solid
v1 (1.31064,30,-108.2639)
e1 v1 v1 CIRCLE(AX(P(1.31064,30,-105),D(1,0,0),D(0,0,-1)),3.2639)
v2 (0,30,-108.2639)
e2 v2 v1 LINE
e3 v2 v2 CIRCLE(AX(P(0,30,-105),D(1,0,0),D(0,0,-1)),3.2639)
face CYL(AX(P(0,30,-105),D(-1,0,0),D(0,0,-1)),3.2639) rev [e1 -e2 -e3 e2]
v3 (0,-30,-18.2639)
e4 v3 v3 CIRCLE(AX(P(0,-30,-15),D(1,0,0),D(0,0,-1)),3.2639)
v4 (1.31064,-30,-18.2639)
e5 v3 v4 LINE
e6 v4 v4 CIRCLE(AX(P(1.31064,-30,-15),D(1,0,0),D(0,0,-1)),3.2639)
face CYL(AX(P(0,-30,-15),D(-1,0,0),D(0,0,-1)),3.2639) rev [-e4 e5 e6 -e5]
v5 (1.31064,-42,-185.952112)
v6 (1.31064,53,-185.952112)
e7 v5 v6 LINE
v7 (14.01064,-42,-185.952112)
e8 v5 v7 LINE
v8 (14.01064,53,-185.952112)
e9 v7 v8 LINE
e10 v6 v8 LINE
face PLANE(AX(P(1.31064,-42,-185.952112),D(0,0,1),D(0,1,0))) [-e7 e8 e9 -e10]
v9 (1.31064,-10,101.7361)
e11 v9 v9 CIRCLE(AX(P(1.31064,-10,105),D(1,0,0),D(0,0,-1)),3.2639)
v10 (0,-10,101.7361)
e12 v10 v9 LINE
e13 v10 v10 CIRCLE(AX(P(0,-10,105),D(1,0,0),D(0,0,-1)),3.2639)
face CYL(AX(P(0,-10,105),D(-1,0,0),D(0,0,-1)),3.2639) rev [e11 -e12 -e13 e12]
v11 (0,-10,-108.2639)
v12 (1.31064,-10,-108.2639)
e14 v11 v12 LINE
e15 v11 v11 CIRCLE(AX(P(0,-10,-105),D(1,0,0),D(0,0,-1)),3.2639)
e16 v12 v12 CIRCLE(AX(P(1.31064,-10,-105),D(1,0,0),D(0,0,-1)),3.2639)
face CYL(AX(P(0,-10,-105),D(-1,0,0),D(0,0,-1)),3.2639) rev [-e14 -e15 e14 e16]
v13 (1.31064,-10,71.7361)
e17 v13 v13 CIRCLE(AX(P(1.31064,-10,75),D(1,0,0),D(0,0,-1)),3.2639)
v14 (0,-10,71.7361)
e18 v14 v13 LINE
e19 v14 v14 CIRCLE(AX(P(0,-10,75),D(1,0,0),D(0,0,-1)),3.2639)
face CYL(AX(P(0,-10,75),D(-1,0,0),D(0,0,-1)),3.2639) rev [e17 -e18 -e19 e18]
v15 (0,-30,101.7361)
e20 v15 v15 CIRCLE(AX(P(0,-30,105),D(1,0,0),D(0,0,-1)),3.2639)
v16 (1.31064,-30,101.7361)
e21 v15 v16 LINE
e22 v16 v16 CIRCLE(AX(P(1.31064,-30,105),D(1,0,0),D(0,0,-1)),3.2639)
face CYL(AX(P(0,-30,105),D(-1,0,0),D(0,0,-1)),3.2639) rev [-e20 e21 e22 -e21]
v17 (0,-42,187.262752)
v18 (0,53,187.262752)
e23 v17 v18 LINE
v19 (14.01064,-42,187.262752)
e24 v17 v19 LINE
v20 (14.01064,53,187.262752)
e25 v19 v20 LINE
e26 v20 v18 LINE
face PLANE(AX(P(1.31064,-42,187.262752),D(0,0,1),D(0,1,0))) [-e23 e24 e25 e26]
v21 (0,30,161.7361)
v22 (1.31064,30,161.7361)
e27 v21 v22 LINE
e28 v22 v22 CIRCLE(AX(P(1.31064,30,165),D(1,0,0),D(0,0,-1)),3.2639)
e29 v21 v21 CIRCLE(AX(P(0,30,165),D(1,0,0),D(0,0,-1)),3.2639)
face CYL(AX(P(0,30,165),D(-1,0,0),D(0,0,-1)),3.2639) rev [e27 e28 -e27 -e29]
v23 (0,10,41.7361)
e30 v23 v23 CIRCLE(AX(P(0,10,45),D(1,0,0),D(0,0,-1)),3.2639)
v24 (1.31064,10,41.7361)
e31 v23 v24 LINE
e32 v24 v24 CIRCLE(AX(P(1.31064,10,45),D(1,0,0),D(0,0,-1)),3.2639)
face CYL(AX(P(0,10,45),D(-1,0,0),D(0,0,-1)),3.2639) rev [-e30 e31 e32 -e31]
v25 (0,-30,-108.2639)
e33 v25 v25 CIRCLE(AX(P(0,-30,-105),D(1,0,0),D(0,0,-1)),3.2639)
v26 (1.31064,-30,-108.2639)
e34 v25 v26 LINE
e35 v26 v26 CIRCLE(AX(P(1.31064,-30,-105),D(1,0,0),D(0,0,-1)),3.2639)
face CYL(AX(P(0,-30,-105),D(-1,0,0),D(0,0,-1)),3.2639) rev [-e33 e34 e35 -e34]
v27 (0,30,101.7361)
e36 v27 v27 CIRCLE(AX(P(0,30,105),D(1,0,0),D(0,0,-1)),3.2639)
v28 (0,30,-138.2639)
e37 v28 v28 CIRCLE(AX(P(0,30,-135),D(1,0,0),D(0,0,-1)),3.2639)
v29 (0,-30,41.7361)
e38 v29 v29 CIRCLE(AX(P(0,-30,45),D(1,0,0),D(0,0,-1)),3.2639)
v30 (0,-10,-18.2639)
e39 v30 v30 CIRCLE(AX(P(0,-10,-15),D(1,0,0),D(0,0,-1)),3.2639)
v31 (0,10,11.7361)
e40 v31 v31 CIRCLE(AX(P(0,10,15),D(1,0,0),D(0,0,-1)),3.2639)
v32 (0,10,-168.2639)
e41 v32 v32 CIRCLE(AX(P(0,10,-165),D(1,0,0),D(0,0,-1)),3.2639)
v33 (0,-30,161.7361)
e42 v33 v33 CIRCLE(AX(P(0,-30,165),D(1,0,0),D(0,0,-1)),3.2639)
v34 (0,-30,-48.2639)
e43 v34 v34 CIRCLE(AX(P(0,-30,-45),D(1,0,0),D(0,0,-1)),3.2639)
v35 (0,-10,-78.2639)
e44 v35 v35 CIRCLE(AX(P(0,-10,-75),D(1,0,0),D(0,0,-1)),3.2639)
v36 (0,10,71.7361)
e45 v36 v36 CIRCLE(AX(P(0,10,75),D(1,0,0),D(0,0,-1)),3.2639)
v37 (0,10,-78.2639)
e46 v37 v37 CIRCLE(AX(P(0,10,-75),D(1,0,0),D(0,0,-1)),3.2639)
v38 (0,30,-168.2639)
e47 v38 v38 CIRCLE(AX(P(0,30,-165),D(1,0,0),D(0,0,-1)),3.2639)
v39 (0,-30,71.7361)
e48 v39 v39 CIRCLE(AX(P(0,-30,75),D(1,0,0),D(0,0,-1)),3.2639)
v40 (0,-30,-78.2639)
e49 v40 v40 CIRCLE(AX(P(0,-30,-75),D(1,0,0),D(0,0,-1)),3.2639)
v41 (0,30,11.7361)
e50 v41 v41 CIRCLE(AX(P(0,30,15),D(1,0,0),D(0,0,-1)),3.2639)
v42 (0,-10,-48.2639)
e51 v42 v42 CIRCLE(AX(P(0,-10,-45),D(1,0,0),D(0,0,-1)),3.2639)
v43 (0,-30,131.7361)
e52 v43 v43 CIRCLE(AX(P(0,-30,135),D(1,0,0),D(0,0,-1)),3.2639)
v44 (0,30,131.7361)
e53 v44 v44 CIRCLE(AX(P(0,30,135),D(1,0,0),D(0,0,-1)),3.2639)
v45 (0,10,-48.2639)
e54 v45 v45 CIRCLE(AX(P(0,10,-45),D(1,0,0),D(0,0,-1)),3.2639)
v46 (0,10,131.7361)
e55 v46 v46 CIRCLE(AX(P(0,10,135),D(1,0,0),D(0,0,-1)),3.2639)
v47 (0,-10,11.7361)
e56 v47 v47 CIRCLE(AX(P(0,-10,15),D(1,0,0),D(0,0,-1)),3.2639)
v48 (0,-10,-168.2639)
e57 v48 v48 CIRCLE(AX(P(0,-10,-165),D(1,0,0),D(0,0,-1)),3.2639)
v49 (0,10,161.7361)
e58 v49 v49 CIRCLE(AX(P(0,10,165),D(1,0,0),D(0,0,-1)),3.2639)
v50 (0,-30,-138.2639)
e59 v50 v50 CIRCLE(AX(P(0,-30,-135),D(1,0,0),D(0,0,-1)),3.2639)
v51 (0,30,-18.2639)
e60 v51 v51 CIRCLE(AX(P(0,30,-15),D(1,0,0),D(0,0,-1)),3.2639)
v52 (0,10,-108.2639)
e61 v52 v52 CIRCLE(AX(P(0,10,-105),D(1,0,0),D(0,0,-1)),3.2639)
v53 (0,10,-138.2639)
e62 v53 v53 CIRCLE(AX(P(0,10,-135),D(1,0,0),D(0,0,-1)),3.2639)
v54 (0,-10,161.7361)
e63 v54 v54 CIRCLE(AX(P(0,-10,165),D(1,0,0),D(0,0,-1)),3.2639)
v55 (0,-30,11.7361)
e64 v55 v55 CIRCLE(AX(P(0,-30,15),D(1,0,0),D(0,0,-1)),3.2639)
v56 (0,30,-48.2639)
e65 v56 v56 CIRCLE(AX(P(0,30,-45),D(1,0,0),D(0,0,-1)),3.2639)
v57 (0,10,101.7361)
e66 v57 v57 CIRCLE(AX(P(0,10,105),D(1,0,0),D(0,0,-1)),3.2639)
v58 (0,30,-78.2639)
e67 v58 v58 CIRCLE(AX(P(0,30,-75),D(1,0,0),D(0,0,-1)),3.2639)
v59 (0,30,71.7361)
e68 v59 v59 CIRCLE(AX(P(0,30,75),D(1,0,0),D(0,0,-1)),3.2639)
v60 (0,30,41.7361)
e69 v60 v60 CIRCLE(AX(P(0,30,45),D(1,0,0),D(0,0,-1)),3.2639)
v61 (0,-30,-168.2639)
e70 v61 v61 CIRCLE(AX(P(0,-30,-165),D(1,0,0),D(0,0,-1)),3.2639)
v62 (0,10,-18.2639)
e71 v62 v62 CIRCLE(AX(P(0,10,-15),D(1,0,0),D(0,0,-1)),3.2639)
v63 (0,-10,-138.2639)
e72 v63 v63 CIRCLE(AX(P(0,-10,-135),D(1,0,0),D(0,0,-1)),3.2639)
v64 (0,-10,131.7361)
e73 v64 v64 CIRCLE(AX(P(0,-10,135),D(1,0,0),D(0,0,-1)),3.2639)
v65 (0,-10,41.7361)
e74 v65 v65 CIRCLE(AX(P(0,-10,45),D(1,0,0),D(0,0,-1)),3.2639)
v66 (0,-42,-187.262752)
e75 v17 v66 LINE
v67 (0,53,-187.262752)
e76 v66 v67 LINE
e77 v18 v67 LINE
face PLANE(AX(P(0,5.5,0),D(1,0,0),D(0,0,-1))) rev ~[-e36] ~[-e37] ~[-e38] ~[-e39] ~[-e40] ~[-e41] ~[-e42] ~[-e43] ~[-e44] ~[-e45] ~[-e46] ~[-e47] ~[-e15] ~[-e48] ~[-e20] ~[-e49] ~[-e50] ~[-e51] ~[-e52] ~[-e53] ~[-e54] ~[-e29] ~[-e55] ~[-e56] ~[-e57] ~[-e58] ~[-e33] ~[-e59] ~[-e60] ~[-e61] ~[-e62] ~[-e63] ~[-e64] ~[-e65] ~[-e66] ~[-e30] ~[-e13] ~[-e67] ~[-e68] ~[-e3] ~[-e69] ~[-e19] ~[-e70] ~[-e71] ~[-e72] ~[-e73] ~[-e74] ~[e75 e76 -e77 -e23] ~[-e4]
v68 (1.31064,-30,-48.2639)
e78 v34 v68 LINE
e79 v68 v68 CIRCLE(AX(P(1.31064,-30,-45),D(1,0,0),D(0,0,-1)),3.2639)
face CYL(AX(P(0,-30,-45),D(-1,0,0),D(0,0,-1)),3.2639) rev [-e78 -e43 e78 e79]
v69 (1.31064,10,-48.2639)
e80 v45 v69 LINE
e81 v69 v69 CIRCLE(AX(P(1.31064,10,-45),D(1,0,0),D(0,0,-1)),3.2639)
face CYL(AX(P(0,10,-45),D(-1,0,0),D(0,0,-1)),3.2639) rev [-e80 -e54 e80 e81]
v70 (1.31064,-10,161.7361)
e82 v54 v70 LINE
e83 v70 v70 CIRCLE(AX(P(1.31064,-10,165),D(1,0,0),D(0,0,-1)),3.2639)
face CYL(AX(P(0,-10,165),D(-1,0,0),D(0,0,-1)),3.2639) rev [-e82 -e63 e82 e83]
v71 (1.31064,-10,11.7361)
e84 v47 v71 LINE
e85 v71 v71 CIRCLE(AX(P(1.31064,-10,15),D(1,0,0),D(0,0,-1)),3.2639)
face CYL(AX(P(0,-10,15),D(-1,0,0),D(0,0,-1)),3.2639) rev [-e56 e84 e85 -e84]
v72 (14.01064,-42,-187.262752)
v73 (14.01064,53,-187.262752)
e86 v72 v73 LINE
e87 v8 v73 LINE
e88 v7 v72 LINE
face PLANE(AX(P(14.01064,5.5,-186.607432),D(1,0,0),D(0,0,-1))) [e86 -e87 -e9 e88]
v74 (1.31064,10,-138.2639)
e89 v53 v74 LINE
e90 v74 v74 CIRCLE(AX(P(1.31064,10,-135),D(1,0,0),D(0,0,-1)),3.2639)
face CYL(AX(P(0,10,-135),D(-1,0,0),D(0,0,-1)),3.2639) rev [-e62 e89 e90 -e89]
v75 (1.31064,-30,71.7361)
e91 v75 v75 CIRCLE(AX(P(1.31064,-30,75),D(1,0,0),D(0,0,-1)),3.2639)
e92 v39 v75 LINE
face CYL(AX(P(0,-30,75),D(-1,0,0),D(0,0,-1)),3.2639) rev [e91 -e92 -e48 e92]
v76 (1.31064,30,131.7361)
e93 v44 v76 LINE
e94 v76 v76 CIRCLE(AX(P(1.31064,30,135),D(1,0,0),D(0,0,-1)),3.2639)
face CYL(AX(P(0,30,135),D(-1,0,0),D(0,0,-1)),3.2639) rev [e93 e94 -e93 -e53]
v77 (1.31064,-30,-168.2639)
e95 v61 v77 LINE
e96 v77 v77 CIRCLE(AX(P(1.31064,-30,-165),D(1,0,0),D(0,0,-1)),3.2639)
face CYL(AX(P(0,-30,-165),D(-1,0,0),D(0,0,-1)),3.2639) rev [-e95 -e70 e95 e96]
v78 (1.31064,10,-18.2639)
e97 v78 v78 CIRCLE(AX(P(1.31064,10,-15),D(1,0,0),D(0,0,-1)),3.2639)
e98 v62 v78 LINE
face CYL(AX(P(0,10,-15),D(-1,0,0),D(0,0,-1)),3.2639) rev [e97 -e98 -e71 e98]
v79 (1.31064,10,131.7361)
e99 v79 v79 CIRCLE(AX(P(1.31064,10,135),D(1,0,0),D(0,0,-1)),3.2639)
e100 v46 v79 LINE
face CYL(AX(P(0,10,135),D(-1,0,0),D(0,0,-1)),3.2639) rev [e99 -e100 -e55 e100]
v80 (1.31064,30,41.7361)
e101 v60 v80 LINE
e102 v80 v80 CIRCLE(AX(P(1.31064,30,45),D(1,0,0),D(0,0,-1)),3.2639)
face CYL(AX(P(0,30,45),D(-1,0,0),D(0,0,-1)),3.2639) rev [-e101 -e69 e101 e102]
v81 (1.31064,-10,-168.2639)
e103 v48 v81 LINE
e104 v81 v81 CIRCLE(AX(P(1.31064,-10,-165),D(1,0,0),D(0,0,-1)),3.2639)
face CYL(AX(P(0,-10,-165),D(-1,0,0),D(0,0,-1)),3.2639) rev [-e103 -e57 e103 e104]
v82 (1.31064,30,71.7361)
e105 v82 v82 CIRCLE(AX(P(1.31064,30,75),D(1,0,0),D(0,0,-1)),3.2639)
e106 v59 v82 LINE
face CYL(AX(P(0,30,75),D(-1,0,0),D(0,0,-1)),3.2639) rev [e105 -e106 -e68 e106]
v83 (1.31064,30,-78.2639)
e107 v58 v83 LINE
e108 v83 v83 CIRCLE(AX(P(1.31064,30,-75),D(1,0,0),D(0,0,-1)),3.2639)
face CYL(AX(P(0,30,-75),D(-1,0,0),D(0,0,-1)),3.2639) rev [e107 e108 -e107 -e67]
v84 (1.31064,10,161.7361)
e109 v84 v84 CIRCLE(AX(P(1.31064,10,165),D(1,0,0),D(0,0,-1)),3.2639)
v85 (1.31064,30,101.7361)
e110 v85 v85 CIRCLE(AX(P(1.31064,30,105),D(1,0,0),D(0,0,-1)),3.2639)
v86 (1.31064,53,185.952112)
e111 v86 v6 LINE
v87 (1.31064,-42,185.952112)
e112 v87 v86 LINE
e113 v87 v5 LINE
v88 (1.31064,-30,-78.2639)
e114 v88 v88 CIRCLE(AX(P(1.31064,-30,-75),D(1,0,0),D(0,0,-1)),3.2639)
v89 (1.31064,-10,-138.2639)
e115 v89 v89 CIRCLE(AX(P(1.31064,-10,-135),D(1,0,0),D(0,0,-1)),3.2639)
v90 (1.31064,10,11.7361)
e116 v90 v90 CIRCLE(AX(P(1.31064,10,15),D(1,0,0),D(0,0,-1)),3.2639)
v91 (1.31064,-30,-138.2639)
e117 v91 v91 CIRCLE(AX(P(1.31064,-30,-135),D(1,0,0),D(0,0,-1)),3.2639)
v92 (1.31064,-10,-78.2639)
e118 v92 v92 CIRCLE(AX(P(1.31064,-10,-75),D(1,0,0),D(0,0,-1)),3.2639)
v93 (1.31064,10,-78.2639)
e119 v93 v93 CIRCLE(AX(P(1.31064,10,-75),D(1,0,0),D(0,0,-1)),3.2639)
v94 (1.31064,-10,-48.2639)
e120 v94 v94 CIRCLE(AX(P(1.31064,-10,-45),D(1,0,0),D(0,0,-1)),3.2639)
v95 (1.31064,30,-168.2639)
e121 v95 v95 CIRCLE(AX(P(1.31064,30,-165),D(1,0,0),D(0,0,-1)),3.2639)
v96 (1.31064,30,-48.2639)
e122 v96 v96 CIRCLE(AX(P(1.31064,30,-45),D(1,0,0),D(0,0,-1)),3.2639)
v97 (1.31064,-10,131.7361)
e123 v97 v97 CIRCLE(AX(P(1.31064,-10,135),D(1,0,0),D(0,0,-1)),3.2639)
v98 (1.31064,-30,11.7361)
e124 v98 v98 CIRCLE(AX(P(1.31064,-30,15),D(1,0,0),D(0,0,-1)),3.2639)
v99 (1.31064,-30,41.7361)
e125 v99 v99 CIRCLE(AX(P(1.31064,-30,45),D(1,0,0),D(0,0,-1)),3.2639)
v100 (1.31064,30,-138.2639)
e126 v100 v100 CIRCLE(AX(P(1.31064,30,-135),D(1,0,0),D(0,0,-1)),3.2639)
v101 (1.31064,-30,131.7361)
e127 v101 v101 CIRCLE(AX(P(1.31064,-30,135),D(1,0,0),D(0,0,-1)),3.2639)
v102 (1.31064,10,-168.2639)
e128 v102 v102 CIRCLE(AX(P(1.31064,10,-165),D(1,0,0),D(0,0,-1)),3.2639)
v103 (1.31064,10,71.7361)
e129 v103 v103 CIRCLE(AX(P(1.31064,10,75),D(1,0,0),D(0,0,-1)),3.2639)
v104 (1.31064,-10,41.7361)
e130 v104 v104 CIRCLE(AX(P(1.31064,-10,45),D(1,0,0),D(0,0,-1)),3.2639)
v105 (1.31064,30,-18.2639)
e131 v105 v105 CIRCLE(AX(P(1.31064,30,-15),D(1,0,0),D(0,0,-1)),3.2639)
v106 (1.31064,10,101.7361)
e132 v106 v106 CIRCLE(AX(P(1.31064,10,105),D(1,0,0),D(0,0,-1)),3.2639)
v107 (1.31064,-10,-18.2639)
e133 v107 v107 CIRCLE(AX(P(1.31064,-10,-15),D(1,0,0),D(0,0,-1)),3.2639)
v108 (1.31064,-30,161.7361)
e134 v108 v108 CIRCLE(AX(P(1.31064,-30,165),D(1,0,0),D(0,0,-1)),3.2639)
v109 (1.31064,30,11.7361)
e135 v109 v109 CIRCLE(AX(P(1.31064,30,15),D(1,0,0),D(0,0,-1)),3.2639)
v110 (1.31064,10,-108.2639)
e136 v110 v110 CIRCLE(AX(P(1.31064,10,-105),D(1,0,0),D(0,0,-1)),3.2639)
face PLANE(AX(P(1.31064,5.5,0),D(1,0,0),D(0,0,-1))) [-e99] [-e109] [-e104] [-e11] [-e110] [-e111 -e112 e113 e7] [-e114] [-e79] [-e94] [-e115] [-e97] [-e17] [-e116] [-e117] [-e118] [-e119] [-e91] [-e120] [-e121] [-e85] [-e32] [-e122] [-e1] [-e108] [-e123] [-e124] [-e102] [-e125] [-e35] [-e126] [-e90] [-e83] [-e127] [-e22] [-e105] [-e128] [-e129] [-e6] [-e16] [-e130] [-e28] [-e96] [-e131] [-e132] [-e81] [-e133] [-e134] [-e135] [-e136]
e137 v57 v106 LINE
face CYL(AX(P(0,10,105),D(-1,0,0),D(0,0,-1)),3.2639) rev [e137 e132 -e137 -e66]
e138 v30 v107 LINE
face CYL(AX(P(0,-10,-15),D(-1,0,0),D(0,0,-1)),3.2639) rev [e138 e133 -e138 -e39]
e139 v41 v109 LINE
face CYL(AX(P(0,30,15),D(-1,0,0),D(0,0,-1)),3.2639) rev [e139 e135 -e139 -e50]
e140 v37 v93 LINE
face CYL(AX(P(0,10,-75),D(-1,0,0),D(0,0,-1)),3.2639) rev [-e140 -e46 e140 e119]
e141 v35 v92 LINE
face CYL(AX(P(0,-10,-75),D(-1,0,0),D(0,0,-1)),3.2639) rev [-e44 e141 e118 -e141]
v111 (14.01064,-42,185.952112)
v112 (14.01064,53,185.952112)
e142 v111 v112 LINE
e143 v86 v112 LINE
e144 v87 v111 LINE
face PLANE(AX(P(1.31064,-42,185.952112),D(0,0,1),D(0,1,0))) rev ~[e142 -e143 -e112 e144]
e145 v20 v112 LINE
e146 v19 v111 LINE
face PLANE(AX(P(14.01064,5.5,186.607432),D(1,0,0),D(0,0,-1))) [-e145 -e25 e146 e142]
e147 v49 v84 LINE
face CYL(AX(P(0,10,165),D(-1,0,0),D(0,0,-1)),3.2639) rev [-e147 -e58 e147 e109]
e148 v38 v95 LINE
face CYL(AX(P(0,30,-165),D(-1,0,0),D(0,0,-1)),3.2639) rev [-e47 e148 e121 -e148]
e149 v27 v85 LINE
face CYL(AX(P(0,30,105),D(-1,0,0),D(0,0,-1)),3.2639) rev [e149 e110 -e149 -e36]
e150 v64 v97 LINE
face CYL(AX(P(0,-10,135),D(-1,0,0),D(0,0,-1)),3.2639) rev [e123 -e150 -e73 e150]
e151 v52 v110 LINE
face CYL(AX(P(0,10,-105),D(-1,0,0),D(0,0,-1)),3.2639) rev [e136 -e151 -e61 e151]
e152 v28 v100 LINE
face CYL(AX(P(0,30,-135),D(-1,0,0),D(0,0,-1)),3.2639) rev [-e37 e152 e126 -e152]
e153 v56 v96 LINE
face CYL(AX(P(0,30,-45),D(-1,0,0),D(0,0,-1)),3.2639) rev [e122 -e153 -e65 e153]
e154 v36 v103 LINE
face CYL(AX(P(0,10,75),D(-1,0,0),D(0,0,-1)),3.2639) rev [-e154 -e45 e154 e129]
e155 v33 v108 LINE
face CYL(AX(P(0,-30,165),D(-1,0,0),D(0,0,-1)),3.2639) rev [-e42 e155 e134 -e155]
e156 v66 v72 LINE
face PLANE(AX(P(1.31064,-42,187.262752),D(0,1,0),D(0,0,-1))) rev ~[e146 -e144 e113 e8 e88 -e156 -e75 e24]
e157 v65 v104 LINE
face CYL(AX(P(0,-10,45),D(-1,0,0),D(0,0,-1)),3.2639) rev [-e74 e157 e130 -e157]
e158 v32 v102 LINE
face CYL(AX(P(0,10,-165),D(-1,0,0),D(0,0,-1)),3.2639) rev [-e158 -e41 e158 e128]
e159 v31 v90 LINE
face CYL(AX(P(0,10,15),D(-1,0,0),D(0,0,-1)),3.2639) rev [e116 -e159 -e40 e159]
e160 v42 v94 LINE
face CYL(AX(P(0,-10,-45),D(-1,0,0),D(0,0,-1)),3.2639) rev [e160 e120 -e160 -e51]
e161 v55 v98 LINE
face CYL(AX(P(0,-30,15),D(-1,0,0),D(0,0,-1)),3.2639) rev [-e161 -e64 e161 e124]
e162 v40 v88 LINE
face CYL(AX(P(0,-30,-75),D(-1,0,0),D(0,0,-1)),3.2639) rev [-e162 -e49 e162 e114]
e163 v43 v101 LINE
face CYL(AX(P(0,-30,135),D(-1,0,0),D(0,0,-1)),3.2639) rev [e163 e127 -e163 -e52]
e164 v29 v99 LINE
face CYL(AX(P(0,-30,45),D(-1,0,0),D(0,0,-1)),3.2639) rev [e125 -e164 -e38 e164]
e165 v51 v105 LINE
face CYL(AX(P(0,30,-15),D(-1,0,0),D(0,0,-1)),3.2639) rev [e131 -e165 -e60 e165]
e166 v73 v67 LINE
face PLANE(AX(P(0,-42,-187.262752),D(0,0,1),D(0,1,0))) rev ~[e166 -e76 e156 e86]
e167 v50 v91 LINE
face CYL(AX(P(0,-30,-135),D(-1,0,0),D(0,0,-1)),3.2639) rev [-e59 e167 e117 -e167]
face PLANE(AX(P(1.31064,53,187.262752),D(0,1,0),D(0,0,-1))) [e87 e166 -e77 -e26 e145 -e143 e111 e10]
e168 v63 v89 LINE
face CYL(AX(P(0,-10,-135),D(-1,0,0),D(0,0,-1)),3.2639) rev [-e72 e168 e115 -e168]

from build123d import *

# Parameters (mm, degrees)
SKETCH1_W           = 374.525504892
SKETCH1_H           = 95
SKETCH1_R           = 3.2639
BOSS_EXTRUDE1_DEPTH = 1.31064
SKETCH2_W           = 1.31064
SKETCH2_H           = 95
BOSS_EXTRUDE2_DEPTH = 12.7


with BuildPart() as part:
    # Sketch1 → Boss-Extrude1 (new body)
    with BuildSketch(Plane(origin=(0, 0, 0), x_dir=(0, 0, -1), z_dir=(1, 0, 0))):
        with Locations((0, 5.5)):
            Rectangle(SKETCH1_W, SKETCH1_H)
        with Locations((-165, -30)):
            Circle(SKETCH1_R, mode=Mode.SUBTRACT)
        with Locations((-135, -30)):
            Circle(SKETCH1_R, mode=Mode.SUBTRACT)
        with Locations((-105, -30)):
            Circle(SKETCH1_R, mode=Mode.SUBTRACT)
        with Locations((-75, -30)):
            Circle(SKETCH1_R, mode=Mode.SUBTRACT)
        with Locations((-45, -30)):
            Circle(SKETCH1_R, mode=Mode.SUBTRACT)
        with Locations((-15, -30)):
            Circle(SKETCH1_R, mode=Mode.SUBTRACT)
        with Locations((15, -30)):
            Circle(SKETCH1_R, mode=Mode.SUBTRACT)
        with Locations((45, -30)):
            Circle(SKETCH1_R, mode=Mode.SUBTRACT)
        with Locations((75, -30)):
            Circle(SKETCH1_R, mode=Mode.SUBTRACT)
        with Locations((105, -30)):
            Circle(SKETCH1_R, mode=Mode.SUBTRACT)
        with Locations((135, -30)):
            Circle(SKETCH1_R, mode=Mode.SUBTRACT)
        with Locations((165, -30)):
            Circle(SKETCH1_R, mode=Mode.SUBTRACT)
        with Locations((-135, -10)):
            Circle(SKETCH1_R, mode=Mode.SUBTRACT)
        with Locations((-105, -10)):
            Circle(SKETCH1_R, mode=Mode.SUBTRACT)
        with Locations((-75, -10)):
            Circle(SKETCH1_R, mode=Mode.SUBTRACT)
        with Locations((-45, -10)):
            Circle(SKETCH1_R, mode=Mode.SUBTRACT)
        with Locations((-15, -10)):
            Circle(SKETCH1_R, mode=Mode.SUBTRACT)
        with Locations((15, -10)):
            Circle(SKETCH1_R, mode=Mode.SUBTRACT)
        with Locations((45, -10)):
            Circle(SKETCH1_R, mode=Mode.SUBTRACT)
        with Locations((75, -10)):
            Circle(SKETCH1_R, mode=Mode.SUBTRACT)
        with Locations((105, -10)):
            Circle(SKETCH1_R, mode=Mode.SUBTRACT)
        with Locations((135, -10)):
            Circle(SKETCH1_R, mode=Mode.SUBTRACT)
        with Locations((165, -10)):
            Circle(SKETCH1_R, mode=Mode.SUBTRACT)
        with Locations((-135, 10)):
            Circle(SKETCH1_R, mode=Mode.SUBTRACT)
        with Locations((-105, 10)):
            Circle(SKETCH1_R, mode=Mode.SUBTRACT)
        with Locations((-75, 10)):
            Circle(SKETCH1_R, mode=Mode.SUBTRACT)
        with Locations((-45, 10)):
            Circle(SKETCH1_R, mode=Mode.SUBTRACT)
        with Locations((-15, 10)):
            Circle(SKETCH1_R, mode=Mode.SUBTRACT)
        with Locations((15, 10)):
            Circle(SKETCH1_R, mode=Mode.SUBTRACT)
        with Locations((45, 10)):
            Circle(SKETCH1_R, mode=Mode.SUBTRACT)
        with Locations((75, 10)):
            Circle(SKETCH1_R, mode=Mode.SUBTRACT)
        with Locations((105, 10)):
            Circle(SKETCH1_R, mode=Mode.SUBTRACT)
        with Locations((135, 10)):
            Circle(SKETCH1_R, mode=Mode.SUBTRACT)
        with Locations((165, 10)):
            Circle(SKETCH1_R, mode=Mode.SUBTRACT)
        with Locations((-135, 30)):
            Circle(SKETCH1_R, mode=Mode.SUBTRACT)
        with Locations((-105, 30)):
            Circle(SKETCH1_R, mode=Mode.SUBTRACT)
        with Locations((-75, 30)):
            Circle(SKETCH1_R, mode=Mode.SUBTRACT)
        with Locations((-45, 30)):
            Circle(SKETCH1_R, mode=Mode.SUBTRACT)
        with Locations((-15, 30)):
            Circle(SKETCH1_R, mode=Mode.SUBTRACT)
        with Locations((15, 30)):
            Circle(SKETCH1_R, mode=Mode.SUBTRACT)
        with Locations((45, 30)):
            Circle(SKETCH1_R, mode=Mode.SUBTRACT)
        with Locations((75, 30)):
            Circle(SKETCH1_R, mode=Mode.SUBTRACT)
        with Locations((105, 30)):
            Circle(SKETCH1_R, mode=Mode.SUBTRACT)
        with Locations((135, 30)):
            Circle(SKETCH1_R, mode=Mode.SUBTRACT)
        with Locations((165, 30)):
            Circle(SKETCH1_R, mode=Mode.SUBTRACT)
        with Locations((-165, -10)):
            Circle(SKETCH1_R, mode=Mode.SUBTRACT)
        with Locations((-165, 10)):
            Circle(SKETCH1_R, mode=Mode.SUBTRACT)
        with Locations((-165, 30)):
            Circle(SKETCH1_R, mode=Mode.SUBTRACT)
    extrude(amount=BOSS_EXTRUDE1_DEPTH)

    # Sketch2 → Boss-Extrude2 (add)
    with BuildSketch(Plane(origin=(1.31064, 0, 0), x_dir=(0, 0, -1), z_dir=(1, 0, 0))):
        with Locations((-186.607432446, 5.5)):
            Rectangle(SKETCH2_W, SKETCH2_H)
        with Locations((186.607432446, 5.5)):
            Rectangle(SKETCH2_W, SKETCH2_H)
    extrude(amount=BOSS_EXTRUDE2_DEPTH)


solid = part.part
